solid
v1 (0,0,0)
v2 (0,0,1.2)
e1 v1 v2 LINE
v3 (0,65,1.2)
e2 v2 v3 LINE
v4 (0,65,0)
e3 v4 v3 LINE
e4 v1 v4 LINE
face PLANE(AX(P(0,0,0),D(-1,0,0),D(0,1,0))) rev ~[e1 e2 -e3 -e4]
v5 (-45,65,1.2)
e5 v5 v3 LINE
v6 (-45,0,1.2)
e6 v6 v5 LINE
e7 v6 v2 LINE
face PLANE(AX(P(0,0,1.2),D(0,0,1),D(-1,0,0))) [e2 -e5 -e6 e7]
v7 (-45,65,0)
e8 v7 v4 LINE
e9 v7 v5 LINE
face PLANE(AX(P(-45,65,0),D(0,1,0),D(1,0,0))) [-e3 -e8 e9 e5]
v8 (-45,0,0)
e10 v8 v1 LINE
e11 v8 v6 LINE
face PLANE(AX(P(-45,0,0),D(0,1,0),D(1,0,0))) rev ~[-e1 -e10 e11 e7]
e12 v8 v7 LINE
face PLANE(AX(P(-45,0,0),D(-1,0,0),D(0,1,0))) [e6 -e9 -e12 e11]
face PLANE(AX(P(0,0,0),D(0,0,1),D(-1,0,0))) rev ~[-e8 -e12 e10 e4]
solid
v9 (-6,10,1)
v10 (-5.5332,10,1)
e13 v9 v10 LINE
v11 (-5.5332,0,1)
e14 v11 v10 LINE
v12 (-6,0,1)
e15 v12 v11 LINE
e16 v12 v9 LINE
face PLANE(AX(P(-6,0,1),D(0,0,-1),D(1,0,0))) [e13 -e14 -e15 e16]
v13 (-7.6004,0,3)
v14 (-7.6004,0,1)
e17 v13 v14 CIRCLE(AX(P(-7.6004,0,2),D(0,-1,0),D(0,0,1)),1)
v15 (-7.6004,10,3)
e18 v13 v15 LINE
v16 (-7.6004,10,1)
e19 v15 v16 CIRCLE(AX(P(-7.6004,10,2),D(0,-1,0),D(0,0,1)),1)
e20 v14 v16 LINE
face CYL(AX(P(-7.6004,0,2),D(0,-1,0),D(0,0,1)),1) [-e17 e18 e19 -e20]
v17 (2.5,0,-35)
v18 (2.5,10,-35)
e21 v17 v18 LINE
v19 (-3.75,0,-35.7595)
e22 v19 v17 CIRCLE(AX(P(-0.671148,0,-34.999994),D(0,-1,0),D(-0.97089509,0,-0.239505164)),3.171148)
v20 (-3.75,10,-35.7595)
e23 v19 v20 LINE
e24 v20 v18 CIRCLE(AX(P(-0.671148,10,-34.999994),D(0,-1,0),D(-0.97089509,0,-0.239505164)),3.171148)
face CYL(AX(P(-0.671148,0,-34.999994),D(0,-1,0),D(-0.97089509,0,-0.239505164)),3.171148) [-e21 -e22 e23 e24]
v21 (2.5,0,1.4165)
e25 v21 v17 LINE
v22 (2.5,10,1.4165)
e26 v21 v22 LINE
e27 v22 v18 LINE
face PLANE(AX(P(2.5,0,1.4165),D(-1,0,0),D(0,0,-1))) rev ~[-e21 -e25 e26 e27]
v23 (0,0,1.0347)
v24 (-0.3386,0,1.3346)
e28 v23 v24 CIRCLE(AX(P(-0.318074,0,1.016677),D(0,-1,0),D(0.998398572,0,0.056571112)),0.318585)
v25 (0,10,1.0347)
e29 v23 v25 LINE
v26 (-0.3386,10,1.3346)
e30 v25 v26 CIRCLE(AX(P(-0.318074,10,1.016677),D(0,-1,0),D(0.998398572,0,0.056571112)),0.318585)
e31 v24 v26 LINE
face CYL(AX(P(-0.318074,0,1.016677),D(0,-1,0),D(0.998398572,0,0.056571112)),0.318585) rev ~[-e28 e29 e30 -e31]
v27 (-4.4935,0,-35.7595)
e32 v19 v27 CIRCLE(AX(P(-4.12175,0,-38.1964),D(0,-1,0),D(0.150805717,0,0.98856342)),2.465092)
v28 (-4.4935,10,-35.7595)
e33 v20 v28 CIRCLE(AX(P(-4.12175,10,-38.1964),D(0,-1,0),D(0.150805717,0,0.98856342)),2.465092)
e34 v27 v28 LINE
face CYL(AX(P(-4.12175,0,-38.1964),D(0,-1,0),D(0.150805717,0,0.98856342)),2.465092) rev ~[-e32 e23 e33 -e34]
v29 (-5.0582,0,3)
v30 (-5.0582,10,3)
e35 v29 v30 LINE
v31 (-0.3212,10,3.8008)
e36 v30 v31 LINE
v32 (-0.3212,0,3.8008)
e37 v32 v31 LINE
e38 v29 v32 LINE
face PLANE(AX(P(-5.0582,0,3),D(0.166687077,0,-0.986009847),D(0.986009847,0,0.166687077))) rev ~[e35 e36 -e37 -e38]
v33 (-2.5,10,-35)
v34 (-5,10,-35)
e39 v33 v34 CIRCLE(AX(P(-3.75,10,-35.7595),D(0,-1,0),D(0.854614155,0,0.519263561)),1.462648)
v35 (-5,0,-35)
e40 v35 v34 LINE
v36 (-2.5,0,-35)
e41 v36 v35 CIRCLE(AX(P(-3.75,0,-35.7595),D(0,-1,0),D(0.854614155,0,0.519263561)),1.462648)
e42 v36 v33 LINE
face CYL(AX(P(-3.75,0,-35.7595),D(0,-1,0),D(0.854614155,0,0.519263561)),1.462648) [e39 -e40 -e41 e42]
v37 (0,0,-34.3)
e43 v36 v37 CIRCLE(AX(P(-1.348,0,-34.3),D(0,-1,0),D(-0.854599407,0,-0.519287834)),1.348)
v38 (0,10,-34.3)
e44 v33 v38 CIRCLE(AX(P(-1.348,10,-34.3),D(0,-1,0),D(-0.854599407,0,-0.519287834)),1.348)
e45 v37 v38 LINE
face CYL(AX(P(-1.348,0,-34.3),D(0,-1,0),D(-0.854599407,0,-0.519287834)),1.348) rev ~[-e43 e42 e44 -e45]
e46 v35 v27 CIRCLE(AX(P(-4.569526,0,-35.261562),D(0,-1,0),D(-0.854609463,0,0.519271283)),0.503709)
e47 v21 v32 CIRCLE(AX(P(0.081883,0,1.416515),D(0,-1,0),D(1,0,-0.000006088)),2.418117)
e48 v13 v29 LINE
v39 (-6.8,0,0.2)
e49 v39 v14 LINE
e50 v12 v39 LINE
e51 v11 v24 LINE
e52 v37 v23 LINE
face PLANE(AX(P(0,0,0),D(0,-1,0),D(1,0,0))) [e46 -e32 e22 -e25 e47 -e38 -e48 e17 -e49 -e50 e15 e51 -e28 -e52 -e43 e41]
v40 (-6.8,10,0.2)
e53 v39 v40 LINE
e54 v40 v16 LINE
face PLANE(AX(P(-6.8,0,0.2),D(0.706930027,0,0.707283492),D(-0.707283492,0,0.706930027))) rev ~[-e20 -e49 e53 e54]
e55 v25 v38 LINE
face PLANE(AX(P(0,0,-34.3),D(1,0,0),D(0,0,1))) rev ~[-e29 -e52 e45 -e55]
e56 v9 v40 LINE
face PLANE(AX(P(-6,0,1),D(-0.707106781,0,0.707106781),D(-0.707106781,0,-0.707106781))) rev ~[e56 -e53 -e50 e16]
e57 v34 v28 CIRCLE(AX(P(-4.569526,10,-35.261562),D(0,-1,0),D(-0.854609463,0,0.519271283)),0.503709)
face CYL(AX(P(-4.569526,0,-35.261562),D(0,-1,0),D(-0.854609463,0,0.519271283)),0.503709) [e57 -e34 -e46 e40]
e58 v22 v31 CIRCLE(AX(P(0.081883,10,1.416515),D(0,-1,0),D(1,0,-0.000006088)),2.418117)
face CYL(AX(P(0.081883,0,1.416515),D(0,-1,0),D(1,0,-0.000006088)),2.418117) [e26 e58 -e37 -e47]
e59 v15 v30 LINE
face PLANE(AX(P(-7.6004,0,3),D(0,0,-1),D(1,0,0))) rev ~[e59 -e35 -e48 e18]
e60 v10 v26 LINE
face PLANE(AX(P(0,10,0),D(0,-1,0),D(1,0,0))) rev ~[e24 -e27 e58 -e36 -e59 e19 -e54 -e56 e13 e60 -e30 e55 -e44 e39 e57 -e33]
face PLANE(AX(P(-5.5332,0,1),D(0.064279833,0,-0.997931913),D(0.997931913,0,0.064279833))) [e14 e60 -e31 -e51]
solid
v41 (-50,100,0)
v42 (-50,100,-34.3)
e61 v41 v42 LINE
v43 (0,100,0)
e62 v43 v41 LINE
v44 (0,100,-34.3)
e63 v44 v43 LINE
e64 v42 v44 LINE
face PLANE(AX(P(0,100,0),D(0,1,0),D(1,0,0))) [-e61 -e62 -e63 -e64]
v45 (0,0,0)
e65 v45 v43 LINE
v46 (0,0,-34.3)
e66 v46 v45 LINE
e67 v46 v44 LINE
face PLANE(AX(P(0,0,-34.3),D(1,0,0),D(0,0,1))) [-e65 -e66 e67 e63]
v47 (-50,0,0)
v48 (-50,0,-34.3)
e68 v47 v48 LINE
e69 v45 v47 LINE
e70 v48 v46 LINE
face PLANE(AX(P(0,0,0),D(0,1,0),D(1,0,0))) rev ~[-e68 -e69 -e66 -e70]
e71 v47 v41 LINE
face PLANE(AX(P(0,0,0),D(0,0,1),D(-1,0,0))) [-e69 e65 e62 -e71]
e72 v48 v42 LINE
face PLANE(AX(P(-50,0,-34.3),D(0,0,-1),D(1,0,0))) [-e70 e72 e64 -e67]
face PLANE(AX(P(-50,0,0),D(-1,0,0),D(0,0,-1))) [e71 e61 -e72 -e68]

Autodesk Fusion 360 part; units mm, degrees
sketch "Sketch1" plane through (0, 0, 0) normal (0, 1, 0) x (1, 0, 0) in component "table"
  line L0 (0, 0) -> (-50, 0)
  line L1 (-50, 0) -> (-50, 34.3)
  line L2 (-50, 34.3) -> (0, 34.3)
  line L3 (0, 34.3) -> (0, 0)
  dimension "d1" = 50
  dimension "d2" = 34.3
extrude "Extrude1" add sketch "Sketch1" along normal blind 100 makes body 1 in component "table"
sketch "Sketch1 (2)" plane through (0, 0, 0) normal (0, 0, 1) x (-1, 0, 0) in component "mouse-mat"
  line L0 (50, 0) -> (0, 0)
  line L1 (0, 0) -> (0, -100)
  line L2 (0, -100) -> (50, -100)
  line L3 (50, -100) -> (50, 0)
  line L4 (0, 0) -> (45, 0)
  line L5 (45, 0) -> (45, -65)
  line L6 (45, -65) -> (0, -65)
  line L7 (0, -65) -> (0, 0)
extrude "Extrude1'" add sketch "Sketch1 (2)" along normal blind 1.2 separate body contours L0 L1 L4 L5 L6 L7 makes body 2 in component "mouse-mat"
sketch "Sketch1 (3)" plane through (0, 0, 0) normal (0, -1, 0) x (1, 0, 0) in component "clip"
  line L0 (0, -34.3) -> (0, 0)
  line L1 (0, 0) -> (-50, 0)
  line L2 (-50, 0) -> (-50, -34.3)
  line L3 (-7.6004, 1) -> (-5.5332, 1)
  line L4 (-5.5332, 1) -> (-0.3386, 1.3346)
  line L5 (0, 1.0347) -> (0, -34.3)
  line L6 (-7.6004, 3) -> (-5.0582, 3)
  line L7 (-5.0582, 3) -> (-0.3212, 3.8008)
  arc A0 (2.5, 1.4165) -> (-0.3212, 3.8008) centre (0.0819, 1.4165) ccw
  line L8 (2.5, 1.4165) -> (2.5, -35)
  arc A1 (-7.6004, 3) -> (-7.6004, 1) centre (-7.6004, 2) ccw
  arc A2 (0, 1.0347) -> (-0.3386, 1.3346) centre (-0.3181, 1.0167) ccw
  arc A3 (-2.5, -35) -> (0, -34.3) centre (-1.348, -34.3) ccw
  arc A4 (-2.5, -35) -> (-5, -35) centre (-3.75, -35.7595) ccw
  arc A5 (-3.75, -35.7595) -> (2.5, -35) centre (-0.6712, -35) ccw
  arc A6 (-5, -35) -> (-4.4935, -35.7595) centre (-4.5695, -35.2616) ccw
  arc A7 (-3.75, -35.7595) -> (-4.4935, -35.7595) centre (-4.1218, -38.1964) ccw
  line L9 (-6, 1) -> (-6.8, 0.2)
  line L10 (-6.8, 0.2) -> (-7.6004, 1)
  dimension "d7" = 2
extrude "Extrude1''" add sketch "Sketch1 (3)" against normal blind 10 separate body makes body 3 in component "clip"
component "table" placed x (1, 0, 0) y (0, 1, 0) z (0, 0, 1) at (0, 0, 0)
component "mouse-mat" placed x (1, 0, 0) y (0, 1, 0) z (0, 0, 1) at (0, 0, 0)
component "clip" placed x (1, 0, 0) y (0, 1, 0) z (0, 0, 1) at (0, 0, 0)
